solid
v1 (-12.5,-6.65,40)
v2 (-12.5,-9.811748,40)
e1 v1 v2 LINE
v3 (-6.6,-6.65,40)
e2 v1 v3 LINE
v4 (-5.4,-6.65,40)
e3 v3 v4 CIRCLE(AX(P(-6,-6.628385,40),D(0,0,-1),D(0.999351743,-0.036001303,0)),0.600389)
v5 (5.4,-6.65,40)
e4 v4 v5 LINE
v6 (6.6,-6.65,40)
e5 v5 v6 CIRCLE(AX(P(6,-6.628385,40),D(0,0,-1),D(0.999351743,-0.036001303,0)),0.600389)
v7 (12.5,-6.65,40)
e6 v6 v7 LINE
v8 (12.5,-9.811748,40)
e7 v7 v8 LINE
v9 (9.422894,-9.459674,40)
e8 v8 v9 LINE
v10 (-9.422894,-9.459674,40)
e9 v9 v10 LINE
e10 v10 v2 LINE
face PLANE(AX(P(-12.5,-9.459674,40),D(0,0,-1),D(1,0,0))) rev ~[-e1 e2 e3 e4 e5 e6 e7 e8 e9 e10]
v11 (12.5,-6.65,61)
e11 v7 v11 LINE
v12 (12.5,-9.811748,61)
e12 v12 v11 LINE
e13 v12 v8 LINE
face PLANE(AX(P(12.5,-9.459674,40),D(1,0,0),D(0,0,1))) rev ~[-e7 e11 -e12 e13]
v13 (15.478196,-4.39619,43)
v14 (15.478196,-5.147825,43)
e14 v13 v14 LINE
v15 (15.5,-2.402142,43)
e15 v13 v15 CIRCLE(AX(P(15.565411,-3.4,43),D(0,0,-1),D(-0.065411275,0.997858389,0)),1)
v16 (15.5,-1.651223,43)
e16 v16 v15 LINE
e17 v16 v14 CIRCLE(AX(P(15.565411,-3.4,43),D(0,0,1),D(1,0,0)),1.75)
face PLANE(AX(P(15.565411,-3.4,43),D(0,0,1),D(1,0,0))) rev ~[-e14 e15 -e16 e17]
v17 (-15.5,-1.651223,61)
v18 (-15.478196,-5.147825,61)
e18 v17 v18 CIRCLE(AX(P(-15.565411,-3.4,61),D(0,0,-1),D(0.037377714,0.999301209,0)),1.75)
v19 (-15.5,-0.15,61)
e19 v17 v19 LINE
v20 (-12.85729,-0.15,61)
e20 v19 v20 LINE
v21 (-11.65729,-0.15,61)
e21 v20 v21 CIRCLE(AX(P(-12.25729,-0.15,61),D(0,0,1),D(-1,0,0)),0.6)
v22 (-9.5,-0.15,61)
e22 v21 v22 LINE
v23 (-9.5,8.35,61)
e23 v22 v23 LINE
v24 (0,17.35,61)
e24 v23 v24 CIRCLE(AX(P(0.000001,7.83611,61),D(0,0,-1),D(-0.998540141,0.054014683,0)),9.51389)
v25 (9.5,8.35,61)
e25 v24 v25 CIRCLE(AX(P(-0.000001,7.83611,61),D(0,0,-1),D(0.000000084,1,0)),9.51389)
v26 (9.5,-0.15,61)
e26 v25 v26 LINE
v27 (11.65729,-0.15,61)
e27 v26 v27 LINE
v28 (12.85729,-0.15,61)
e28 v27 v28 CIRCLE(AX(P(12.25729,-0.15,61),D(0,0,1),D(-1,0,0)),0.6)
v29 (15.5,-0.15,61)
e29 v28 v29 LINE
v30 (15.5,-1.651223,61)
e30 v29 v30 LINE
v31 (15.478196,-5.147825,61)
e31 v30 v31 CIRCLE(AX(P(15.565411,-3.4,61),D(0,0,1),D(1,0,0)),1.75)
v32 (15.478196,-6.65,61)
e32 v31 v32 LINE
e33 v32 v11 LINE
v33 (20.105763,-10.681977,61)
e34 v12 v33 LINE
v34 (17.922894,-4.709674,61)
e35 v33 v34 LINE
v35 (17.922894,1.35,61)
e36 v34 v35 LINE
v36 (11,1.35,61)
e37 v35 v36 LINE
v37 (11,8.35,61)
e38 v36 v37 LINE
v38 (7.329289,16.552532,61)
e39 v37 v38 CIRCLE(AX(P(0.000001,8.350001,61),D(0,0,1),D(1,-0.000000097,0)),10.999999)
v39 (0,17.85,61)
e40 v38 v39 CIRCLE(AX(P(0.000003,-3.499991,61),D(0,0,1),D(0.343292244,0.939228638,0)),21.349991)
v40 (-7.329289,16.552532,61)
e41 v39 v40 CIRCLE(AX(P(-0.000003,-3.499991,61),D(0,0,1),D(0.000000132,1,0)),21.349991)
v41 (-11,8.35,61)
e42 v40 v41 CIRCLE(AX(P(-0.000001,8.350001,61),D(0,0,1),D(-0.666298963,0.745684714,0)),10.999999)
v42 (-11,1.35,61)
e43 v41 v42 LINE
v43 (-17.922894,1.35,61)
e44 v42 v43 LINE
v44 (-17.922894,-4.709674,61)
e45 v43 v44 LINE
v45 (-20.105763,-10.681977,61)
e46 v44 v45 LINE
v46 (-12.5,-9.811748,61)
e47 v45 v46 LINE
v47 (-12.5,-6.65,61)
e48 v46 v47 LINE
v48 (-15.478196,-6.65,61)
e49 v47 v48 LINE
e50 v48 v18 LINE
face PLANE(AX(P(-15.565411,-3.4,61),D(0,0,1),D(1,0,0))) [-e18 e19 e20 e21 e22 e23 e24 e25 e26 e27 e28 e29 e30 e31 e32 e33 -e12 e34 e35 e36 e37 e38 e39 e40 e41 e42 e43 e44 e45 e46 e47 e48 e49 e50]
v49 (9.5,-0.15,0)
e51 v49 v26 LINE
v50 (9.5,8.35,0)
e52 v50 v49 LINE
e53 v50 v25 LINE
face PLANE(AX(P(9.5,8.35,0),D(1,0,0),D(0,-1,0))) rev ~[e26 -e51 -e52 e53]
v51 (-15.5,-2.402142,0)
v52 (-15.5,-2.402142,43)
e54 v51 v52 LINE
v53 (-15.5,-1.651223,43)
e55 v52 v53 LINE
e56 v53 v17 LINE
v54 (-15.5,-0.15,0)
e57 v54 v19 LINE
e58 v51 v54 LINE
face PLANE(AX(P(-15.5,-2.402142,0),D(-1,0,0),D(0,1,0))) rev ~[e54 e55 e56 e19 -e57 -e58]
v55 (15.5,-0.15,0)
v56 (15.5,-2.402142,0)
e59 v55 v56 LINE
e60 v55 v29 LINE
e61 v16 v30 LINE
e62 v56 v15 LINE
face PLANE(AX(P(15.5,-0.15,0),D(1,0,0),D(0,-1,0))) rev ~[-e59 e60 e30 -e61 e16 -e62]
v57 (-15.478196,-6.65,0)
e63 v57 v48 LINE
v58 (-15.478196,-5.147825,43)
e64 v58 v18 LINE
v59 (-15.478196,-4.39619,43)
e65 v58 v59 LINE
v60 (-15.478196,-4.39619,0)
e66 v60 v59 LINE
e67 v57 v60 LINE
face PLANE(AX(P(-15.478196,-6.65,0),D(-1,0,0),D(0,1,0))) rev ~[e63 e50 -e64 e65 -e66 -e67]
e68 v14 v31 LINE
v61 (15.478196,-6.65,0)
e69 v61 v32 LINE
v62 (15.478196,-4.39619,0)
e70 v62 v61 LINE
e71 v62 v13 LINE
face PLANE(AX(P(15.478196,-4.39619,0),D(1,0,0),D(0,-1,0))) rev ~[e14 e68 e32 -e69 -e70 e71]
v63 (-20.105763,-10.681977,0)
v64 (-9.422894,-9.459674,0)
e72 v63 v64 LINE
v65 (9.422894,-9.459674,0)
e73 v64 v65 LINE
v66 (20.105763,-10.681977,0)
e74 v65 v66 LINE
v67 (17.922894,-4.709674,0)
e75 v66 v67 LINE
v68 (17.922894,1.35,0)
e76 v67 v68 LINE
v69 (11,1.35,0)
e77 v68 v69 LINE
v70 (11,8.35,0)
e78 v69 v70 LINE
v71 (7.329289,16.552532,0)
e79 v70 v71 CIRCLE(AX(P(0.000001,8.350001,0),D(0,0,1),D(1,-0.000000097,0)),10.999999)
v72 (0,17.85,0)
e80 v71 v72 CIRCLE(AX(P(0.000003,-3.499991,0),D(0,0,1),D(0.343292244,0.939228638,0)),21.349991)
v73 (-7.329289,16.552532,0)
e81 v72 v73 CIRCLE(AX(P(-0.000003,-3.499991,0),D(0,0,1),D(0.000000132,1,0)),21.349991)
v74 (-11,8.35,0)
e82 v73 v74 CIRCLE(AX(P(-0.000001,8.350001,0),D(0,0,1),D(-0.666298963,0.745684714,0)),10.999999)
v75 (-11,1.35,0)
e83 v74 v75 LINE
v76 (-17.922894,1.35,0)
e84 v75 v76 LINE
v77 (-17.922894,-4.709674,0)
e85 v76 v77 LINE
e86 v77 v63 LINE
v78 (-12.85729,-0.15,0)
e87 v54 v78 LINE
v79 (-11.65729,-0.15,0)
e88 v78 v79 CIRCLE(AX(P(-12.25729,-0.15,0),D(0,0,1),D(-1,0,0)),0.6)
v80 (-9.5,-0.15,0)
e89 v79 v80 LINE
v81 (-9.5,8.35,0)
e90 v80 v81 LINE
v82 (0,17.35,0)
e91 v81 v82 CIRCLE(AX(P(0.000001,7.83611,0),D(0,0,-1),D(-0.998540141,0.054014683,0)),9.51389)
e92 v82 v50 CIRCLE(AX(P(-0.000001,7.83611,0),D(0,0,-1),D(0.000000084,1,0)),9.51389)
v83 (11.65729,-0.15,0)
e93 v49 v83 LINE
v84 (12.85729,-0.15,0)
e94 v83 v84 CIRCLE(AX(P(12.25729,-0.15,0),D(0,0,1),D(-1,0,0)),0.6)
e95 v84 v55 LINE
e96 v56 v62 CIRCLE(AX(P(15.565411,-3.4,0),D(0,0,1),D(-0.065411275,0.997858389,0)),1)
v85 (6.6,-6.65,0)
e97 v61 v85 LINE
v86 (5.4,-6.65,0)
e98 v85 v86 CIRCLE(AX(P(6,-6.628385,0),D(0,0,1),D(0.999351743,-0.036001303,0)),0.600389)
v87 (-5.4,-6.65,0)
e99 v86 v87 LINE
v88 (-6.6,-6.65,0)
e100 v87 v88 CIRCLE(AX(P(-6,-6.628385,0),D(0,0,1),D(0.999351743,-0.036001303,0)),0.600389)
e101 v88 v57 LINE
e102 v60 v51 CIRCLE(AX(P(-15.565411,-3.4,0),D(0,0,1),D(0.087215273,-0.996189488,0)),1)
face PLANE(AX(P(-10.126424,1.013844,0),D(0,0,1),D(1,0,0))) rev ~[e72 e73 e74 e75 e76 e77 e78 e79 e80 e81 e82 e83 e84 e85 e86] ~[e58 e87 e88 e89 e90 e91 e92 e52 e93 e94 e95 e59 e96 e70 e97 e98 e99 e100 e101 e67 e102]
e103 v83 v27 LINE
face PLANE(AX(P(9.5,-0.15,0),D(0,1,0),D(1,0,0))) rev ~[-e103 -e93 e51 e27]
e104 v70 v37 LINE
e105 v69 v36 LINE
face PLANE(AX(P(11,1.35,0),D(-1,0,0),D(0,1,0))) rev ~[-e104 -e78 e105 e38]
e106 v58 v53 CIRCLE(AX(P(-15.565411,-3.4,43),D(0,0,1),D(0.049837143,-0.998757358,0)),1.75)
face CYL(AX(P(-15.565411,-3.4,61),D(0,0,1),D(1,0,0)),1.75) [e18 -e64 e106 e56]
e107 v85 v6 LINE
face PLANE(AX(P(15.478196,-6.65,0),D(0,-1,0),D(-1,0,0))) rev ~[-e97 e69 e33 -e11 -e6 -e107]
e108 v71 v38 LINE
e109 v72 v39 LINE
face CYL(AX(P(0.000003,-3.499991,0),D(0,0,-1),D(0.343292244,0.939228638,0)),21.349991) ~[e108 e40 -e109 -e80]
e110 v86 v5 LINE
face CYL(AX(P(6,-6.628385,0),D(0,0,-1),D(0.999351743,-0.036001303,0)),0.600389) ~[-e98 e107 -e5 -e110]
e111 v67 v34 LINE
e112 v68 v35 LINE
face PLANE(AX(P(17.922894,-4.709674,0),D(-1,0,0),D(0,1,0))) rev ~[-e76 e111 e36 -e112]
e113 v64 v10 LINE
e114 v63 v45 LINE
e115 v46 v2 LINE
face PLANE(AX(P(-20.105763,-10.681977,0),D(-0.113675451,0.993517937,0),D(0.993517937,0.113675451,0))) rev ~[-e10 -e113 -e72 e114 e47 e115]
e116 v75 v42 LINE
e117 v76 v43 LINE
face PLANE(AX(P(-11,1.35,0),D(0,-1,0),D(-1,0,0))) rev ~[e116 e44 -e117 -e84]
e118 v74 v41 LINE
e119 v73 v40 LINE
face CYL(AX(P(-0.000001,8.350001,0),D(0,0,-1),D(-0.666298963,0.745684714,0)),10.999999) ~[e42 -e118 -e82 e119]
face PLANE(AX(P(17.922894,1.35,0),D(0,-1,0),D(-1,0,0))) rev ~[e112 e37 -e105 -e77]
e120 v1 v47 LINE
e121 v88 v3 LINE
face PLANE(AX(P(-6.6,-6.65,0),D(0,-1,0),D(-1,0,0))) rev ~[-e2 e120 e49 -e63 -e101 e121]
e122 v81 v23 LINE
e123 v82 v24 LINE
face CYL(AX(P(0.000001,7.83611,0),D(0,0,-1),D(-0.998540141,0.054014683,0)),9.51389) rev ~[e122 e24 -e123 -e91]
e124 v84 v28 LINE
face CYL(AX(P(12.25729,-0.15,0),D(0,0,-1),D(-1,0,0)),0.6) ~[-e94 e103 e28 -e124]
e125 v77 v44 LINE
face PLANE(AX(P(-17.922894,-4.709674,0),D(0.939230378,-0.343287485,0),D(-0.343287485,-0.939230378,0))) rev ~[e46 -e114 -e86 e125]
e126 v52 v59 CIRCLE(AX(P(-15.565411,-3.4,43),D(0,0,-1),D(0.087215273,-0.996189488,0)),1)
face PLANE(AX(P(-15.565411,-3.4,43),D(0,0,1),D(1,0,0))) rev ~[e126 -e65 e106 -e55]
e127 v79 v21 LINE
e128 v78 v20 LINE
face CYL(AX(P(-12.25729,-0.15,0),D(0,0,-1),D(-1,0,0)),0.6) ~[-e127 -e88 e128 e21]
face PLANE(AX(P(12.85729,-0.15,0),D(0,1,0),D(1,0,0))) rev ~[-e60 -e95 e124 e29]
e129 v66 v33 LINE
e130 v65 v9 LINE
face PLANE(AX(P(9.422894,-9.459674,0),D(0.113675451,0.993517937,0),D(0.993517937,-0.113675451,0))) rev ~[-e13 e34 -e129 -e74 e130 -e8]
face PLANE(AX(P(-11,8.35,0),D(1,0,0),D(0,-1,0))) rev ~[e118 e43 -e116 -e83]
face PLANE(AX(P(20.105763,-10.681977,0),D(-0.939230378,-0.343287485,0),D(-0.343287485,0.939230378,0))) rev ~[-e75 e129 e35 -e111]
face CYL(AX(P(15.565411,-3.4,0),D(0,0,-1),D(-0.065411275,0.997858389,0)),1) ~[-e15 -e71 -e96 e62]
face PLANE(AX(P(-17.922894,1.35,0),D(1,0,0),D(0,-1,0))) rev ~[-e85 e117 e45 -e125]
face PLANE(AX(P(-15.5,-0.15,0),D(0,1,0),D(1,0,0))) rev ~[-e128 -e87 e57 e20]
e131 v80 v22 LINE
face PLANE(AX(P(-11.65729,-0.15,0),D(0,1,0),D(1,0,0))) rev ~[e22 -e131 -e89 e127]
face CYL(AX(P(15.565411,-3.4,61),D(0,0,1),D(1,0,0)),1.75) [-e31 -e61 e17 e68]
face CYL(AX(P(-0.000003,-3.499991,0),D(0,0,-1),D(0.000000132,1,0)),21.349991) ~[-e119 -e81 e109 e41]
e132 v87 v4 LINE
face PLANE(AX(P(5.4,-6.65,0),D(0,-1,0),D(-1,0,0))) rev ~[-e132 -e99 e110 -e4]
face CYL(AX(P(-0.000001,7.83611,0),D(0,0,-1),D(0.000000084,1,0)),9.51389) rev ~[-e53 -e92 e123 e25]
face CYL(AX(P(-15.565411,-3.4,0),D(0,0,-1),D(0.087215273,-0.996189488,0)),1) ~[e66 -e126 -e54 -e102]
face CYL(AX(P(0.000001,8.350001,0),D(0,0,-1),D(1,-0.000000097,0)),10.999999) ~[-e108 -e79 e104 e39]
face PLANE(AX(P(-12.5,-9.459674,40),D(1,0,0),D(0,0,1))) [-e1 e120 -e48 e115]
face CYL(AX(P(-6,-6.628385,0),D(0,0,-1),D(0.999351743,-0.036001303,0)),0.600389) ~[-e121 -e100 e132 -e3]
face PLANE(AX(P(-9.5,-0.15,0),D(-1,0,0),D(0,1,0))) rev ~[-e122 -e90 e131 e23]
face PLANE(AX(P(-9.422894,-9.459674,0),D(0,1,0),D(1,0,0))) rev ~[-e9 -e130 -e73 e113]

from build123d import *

# Parameters (mm, degrees)
F1_DEPTH = 61
F2_W     = 25
F2_H     = 21
F3_DEPTH = 4
F4_R     = 1.75
F5_DEPTH = 18


with BuildPart() as f1:
    # F0 (on Top) → F1 (new body)
    with BuildSketch(Plane.XY):
        with BuildLine():
            Line((-9.5, -0.15), (-9.5, 8.35))
            ThreePointArc((-9.5, 8.35), (-6.543126, 14.742744), (0, 17.35))
            Line((0, 17.35), (0, 17.85))
            ThreePointArc((0, 17.85), (-3.721623, 17.523131), (-7.329289, 16.552532))
            ThreePointArc((-7.329289, 16.552532), (-10.040473, 12.843207), (-11, 8.35))
            Line((-11, 8.35), (-11, 1.35))
            Line((-11, 1.35), (-17.922894, 1.35))
            Line((-17.922894, 1.35), (-17.922894, -4.709674))
            Line((-17.922894, -4.709674), (-20.105763, -10.681977))
            Line((-20.105763, -10.681977), (-9.422894, -9.459674))
            Line((-9.422894, -9.459674), (0, -9.459674))
            Line((0, -9.459674), (0, -6.65))
            Line((0, -6.65), (-5.4, -6.65))
            ThreePointArc((-5.4, -6.65), (-6, -6.027996), (-6.6, -6.65))
            Line((-6.6, -6.65), (-15.478196, -6.65))
            Line((-15.478196, -6.65), (-15.478196, -4.39619))
            ThreePointArc((-15.478196, -4.39619), (-14.565471, -3.389066), (-15.5, -2.402142))
            Line((-15.5, -2.402142), (-15.5, -0.15))
            Line((-15.5, -0.15), (-12.85729, -0.15))
            ThreePointArc((-12.85729, -0.15), (-12.25729, -0.75), (-11.65729, -0.15))
            Line((-11.65729, -0.15), (-9.5, -0.15))
        make_face()
        with BuildLine():
            Line((0, 17.85), (0, 17.35))
            ThreePointArc((0, 17.35), (6.543126, 14.742744), (9.5, 8.35))
            Line((9.5, 8.35), (9.5, -0.15))
            Line((9.5, -0.15), (11.65729, -0.15))
            ThreePointArc((11.65729, -0.15), (12.25729, -0.75), (12.85729, -0.15))
            Line((12.85729, -0.15), (15.5, -0.15))
            Line((15.5, -0.15), (15.5, -2.402142))
            ThreePointArc((15.5, -2.402142), (14.565471, -3.389066), (15.478196, -4.39619))
            Line((15.478196, -4.39619), (15.478196, -6.65))
            Line((15.478196, -6.65), (6.6, -6.65))
            ThreePointArc((6.6, -6.65), (6, -6.027996), (5.4, -6.65))
            Line((5.4, -6.65), (0, -6.65))
            Line((0, -6.65), (0, -9.459674))
            Line((0, -9.459674), (9.422894, -9.459674))
            Line((9.422894, -9.459674), (20.105763, -10.681977))
            Line((20.105763, -10.681977), (17.922894, -4.709674))
            Line((17.922894, -4.709674), (17.922894, 1.35))
            Line((17.922894, 1.35), (11, 1.35))
            Line((11, 1.35), (11, 8.35))
            ThreePointArc((11, 8.35), (10.040473, 12.843207), (7.329289, 16.552532))
            ThreePointArc((7.329289, 16.552532), (3.721623, 17.523131), (0, 17.85))
        make_face()
    extrude(amount=F1_DEPTH)

    # F2 (on face) → F3 (cut, symmetric)
    with BuildSketch(Plane.XZ.offset(9.459674)):
        with Locations((0, 50.5)):
            Rectangle(F2_W, F2_H)
    extrude(amount=F3_DEPTH, both=True, mode=Mode.SUBTRACT)

    # F4 (on face) → F5 (join)
    with BuildSketch(Plane.XY.offset(61)):
        with Locations((-15.565411, -3.4)):
            Circle(F4_R)
        with Locations((15.565411, -3.4)):
            Circle(F4_R)
    extrude(amount=-F5_DEPTH)


solid = f1.part
